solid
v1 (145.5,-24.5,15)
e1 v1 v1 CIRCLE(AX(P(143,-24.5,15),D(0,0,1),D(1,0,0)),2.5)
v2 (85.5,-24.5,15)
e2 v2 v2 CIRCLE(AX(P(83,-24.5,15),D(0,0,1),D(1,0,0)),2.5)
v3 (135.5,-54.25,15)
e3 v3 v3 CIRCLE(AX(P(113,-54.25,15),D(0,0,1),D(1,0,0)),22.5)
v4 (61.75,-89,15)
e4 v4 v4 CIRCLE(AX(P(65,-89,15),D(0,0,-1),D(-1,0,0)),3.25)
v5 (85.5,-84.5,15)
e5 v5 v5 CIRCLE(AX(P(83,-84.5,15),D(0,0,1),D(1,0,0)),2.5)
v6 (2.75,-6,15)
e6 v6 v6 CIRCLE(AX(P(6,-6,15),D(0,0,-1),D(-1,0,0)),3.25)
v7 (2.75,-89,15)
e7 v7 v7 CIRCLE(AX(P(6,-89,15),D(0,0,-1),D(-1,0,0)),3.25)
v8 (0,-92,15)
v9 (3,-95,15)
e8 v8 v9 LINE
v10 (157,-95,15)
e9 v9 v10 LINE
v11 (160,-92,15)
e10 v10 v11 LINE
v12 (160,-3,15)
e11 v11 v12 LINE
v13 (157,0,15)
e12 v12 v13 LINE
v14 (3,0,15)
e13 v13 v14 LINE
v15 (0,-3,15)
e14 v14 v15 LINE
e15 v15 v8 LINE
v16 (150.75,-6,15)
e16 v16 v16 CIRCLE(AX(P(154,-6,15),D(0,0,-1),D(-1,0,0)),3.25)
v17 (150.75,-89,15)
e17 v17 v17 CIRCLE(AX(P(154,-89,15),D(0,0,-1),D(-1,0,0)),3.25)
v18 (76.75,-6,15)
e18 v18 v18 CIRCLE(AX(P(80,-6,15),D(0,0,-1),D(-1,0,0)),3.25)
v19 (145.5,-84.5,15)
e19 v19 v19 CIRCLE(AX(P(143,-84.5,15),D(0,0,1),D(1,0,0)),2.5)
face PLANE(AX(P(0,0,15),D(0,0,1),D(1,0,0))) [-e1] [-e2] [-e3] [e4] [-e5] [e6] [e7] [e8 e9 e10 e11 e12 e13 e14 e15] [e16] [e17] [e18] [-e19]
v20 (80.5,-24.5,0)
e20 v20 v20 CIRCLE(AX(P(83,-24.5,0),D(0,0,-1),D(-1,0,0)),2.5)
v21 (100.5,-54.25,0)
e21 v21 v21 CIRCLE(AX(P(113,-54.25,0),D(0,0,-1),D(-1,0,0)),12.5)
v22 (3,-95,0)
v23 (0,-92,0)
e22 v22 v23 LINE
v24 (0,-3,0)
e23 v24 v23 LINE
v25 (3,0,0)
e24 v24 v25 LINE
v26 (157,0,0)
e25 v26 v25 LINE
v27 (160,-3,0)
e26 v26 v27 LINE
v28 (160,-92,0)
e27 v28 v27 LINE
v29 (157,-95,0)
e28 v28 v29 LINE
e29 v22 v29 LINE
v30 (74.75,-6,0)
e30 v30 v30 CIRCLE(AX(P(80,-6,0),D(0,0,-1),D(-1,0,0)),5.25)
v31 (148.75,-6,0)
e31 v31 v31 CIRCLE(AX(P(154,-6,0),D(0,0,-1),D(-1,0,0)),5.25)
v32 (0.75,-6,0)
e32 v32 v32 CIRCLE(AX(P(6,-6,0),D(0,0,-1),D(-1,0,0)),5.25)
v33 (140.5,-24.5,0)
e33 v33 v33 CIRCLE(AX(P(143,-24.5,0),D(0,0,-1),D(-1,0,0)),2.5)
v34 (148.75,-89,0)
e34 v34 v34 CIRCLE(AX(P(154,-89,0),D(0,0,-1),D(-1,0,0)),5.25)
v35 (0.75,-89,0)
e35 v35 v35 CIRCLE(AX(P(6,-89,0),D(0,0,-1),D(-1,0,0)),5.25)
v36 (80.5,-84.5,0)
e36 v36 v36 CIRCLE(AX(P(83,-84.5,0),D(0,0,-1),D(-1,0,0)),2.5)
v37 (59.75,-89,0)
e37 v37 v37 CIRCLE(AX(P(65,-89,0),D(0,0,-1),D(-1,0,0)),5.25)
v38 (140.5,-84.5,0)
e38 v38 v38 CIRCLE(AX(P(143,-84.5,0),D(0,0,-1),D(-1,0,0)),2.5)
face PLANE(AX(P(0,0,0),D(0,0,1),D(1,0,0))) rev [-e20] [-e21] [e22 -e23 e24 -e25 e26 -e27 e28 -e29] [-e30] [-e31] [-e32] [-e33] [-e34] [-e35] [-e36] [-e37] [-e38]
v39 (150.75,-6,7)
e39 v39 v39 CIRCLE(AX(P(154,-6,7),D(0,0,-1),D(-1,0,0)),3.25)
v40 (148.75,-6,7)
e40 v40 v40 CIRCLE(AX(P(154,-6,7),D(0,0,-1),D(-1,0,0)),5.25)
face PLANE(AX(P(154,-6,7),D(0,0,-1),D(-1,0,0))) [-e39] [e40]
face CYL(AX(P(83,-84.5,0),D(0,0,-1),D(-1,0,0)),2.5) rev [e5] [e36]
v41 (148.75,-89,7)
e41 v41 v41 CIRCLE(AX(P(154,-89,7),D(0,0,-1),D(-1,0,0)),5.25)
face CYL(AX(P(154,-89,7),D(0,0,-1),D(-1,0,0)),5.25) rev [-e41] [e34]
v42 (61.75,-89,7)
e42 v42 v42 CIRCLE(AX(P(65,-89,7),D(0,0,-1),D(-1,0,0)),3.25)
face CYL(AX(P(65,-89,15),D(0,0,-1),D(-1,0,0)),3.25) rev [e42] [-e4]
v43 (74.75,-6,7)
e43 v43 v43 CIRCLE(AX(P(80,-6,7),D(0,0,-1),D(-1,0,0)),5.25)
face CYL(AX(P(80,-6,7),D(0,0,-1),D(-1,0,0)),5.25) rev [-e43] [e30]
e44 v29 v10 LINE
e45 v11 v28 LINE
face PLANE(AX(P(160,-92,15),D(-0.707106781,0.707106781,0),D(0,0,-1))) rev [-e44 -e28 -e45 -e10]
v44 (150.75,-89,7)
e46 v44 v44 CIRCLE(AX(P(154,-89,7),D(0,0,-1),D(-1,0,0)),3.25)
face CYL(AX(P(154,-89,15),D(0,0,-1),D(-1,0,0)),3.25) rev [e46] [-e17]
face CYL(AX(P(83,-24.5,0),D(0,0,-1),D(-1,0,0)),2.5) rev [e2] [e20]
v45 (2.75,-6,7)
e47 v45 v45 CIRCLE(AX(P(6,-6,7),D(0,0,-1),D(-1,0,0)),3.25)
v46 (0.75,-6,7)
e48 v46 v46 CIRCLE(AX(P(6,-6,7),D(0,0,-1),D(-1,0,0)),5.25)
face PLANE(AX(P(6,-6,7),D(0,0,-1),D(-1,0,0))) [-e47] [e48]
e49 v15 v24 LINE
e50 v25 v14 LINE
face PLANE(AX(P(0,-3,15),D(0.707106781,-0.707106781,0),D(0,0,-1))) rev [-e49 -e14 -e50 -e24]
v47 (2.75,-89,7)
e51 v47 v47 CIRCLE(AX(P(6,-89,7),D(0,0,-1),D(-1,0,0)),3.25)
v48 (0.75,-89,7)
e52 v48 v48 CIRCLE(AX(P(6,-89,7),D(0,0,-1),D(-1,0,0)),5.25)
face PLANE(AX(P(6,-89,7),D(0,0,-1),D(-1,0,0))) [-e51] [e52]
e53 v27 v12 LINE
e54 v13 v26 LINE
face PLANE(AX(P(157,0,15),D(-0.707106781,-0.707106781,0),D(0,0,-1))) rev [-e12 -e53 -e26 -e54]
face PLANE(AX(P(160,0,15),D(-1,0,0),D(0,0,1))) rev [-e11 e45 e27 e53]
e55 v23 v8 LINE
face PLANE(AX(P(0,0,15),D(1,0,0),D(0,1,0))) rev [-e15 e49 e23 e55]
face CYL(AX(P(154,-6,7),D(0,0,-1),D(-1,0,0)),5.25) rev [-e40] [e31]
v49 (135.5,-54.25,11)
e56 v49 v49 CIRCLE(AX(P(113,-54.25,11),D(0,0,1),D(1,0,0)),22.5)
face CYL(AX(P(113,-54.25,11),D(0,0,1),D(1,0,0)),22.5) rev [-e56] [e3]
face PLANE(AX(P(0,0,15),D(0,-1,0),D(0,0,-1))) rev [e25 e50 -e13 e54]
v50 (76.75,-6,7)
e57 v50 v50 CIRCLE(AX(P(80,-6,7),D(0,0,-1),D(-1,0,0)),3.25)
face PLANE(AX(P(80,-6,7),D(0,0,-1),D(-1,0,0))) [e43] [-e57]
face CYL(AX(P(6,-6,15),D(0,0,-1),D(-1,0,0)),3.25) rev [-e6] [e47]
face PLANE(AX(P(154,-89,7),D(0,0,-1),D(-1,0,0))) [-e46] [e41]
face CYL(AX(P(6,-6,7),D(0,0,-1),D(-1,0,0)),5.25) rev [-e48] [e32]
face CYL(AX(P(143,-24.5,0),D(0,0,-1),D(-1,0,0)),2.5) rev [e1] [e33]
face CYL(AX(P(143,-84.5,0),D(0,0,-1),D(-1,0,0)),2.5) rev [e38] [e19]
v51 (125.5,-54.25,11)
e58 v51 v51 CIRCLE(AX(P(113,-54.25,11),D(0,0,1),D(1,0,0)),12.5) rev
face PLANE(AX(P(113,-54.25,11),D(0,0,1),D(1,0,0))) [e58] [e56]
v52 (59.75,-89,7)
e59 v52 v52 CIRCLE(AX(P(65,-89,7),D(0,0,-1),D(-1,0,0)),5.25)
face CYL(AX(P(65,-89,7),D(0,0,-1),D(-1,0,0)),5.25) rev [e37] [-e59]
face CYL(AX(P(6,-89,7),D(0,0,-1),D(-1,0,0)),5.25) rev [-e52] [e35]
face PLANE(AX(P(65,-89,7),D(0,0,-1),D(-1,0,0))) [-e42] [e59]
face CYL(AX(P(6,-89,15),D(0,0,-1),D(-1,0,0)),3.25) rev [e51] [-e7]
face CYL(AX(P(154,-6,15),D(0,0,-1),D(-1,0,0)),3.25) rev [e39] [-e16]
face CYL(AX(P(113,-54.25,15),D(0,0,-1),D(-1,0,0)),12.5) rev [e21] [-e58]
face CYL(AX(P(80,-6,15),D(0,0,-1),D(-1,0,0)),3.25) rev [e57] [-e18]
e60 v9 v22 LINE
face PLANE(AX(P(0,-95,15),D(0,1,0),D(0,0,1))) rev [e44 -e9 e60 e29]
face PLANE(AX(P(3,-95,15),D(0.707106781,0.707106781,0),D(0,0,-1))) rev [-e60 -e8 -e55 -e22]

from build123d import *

# Parameters (mm, degrees)
SKETCH_1_W             = 160
SKETCH_1_H             = 95
EXTRUDE_1_DEPTH        = 15
CHAMFER_1_SIZE         = 3
SKETCH_2_R             = 12.5
CUT_EXTRUDE_1_DEPTH    = 16
HOLE_WIZARD_M6_1_D     = 5
HOLE_WIZARD_M6_1_DEPTH = 20
HOLE_WIZARD_M6_1_TIP   = 1.502151548
SKETCH_6_R             = 5.25
CUT_EXTRUDE_2_DEPTH    = 7
SKETCH_7_R             = 3.25
CUT_EXTRUDE_3_DEPTH    = 9
SKETCH_8_R             = 22.5
CUT_EXTRUDE_4_DEPTH    = 4


with BuildPart() as part:
    # 草图1 → 凸台-拉伸1 (new body)
    with BuildSketch(Plane.XY):
        with Locations((80, -47.5)):
            Rectangle(SKETCH_1_W, SKETCH_1_H)
    extrude(amount=EXTRUDE_1_DEPTH)

    # 倒角1
    chamfer_1_edges = [part.edges().sort_by_distance(p)[0] for p in [
        (0, 0, 7.5),
        (160, 0, 7.5),
        (160, -95, 7.5),
        (0, -95, 7.5),
    ]]
    chamfer(chamfer_1_edges, length=CHAMFER_1_SIZE)

    # 草图2 → 切除-拉伸1 (cut, through all)
    with BuildSketch(Plane(origin=(0, 0, 0), x_dir=(-1, 0, 0), z_dir=(0, 0, -1))):
        with Locations((-113, -54.25)):
            Circle(SKETCH_2_R)
    extrude(amount=-CUT_EXTRUDE_1_DEPTH, mode=Mode.SUBTRACT)

    # M6 螺纹孔1
    with Locations(Plane(origin=(0, 0, 0), x_dir=(-1, 0, 0), z_dir=(0, 0, -1))):
        with Locations((-143, -24.5), (-83, -24.5), (-83, -84.5), (-143, -84.5)):
            Hole(HOLE_WIZARD_M6_1_D / 2, depth=HOLE_WIZARD_M6_1_DEPTH)
            with Locations((0, 0, -(HOLE_WIZARD_M6_1_DEPTH + HOLE_WIZARD_M6_1_TIP / 2))):  # 118° drill point
                Cone(0, HOLE_WIZARD_M6_1_D / 2, HOLE_WIZARD_M6_1_TIP, mode=Mode.SUBTRACT)

    # 草图6 → 切除-拉伸2 (cut)
    with BuildSketch(Plane(origin=(0, 0, 0), x_dir=(-1, 0, 0), z_dir=(0, 0, -1))):
        with Locations((-154, -6)):
            Circle(SKETCH_6_R)
        with Locations((-80, -6)):
            Circle(SKETCH_6_R)
        with Locations((-6, -6)):
            Circle(SKETCH_6_R)
        with Locations((-6, -89)):
            Circle(SKETCH_6_R)
        with Locations((-154, -89)):
            Circle(SKETCH_6_R)
        with Locations((-65, -89)):
            Circle(SKETCH_6_R)
    extrude(amount=-CUT_EXTRUDE_2_DEPTH, mode=Mode.SUBTRACT)

    # 草图7 → 切除-拉伸3 (cut, through all)
    with BuildSketch(Plane(origin=(0, 0, 7), x_dir=(-1, 0, 0), z_dir=(0, 0, -1))):
        with Locations((-154, -6)):
            Circle(SKETCH_7_R)
        with Locations((-80, -6)):
            Circle(SKETCH_7_R)
        with Locations((-6, -6)):
            Circle(SKETCH_7_R)
        with Locations((-6, -89)):
            Circle(SKETCH_7_R)
        with Locations((-154, -89)):
            Circle(SKETCH_7_R)
        with Locations((-65, -89)):
            Circle(SKETCH_7_R)
    extrude(amount=-CUT_EXTRUDE_3_DEPTH, mode=Mode.SUBTRACT)

    # 草图8 → 切除-拉伸4 (cut)
    with BuildSketch(Plane.XY.offset(15)):
        with Locations((113, -54.25)):
            Circle(SKETCH_8_R)
    extrude(amount=-CUT_EXTRUDE_4_DEPTH, mode=Mode.SUBTRACT)


solid = part.part
